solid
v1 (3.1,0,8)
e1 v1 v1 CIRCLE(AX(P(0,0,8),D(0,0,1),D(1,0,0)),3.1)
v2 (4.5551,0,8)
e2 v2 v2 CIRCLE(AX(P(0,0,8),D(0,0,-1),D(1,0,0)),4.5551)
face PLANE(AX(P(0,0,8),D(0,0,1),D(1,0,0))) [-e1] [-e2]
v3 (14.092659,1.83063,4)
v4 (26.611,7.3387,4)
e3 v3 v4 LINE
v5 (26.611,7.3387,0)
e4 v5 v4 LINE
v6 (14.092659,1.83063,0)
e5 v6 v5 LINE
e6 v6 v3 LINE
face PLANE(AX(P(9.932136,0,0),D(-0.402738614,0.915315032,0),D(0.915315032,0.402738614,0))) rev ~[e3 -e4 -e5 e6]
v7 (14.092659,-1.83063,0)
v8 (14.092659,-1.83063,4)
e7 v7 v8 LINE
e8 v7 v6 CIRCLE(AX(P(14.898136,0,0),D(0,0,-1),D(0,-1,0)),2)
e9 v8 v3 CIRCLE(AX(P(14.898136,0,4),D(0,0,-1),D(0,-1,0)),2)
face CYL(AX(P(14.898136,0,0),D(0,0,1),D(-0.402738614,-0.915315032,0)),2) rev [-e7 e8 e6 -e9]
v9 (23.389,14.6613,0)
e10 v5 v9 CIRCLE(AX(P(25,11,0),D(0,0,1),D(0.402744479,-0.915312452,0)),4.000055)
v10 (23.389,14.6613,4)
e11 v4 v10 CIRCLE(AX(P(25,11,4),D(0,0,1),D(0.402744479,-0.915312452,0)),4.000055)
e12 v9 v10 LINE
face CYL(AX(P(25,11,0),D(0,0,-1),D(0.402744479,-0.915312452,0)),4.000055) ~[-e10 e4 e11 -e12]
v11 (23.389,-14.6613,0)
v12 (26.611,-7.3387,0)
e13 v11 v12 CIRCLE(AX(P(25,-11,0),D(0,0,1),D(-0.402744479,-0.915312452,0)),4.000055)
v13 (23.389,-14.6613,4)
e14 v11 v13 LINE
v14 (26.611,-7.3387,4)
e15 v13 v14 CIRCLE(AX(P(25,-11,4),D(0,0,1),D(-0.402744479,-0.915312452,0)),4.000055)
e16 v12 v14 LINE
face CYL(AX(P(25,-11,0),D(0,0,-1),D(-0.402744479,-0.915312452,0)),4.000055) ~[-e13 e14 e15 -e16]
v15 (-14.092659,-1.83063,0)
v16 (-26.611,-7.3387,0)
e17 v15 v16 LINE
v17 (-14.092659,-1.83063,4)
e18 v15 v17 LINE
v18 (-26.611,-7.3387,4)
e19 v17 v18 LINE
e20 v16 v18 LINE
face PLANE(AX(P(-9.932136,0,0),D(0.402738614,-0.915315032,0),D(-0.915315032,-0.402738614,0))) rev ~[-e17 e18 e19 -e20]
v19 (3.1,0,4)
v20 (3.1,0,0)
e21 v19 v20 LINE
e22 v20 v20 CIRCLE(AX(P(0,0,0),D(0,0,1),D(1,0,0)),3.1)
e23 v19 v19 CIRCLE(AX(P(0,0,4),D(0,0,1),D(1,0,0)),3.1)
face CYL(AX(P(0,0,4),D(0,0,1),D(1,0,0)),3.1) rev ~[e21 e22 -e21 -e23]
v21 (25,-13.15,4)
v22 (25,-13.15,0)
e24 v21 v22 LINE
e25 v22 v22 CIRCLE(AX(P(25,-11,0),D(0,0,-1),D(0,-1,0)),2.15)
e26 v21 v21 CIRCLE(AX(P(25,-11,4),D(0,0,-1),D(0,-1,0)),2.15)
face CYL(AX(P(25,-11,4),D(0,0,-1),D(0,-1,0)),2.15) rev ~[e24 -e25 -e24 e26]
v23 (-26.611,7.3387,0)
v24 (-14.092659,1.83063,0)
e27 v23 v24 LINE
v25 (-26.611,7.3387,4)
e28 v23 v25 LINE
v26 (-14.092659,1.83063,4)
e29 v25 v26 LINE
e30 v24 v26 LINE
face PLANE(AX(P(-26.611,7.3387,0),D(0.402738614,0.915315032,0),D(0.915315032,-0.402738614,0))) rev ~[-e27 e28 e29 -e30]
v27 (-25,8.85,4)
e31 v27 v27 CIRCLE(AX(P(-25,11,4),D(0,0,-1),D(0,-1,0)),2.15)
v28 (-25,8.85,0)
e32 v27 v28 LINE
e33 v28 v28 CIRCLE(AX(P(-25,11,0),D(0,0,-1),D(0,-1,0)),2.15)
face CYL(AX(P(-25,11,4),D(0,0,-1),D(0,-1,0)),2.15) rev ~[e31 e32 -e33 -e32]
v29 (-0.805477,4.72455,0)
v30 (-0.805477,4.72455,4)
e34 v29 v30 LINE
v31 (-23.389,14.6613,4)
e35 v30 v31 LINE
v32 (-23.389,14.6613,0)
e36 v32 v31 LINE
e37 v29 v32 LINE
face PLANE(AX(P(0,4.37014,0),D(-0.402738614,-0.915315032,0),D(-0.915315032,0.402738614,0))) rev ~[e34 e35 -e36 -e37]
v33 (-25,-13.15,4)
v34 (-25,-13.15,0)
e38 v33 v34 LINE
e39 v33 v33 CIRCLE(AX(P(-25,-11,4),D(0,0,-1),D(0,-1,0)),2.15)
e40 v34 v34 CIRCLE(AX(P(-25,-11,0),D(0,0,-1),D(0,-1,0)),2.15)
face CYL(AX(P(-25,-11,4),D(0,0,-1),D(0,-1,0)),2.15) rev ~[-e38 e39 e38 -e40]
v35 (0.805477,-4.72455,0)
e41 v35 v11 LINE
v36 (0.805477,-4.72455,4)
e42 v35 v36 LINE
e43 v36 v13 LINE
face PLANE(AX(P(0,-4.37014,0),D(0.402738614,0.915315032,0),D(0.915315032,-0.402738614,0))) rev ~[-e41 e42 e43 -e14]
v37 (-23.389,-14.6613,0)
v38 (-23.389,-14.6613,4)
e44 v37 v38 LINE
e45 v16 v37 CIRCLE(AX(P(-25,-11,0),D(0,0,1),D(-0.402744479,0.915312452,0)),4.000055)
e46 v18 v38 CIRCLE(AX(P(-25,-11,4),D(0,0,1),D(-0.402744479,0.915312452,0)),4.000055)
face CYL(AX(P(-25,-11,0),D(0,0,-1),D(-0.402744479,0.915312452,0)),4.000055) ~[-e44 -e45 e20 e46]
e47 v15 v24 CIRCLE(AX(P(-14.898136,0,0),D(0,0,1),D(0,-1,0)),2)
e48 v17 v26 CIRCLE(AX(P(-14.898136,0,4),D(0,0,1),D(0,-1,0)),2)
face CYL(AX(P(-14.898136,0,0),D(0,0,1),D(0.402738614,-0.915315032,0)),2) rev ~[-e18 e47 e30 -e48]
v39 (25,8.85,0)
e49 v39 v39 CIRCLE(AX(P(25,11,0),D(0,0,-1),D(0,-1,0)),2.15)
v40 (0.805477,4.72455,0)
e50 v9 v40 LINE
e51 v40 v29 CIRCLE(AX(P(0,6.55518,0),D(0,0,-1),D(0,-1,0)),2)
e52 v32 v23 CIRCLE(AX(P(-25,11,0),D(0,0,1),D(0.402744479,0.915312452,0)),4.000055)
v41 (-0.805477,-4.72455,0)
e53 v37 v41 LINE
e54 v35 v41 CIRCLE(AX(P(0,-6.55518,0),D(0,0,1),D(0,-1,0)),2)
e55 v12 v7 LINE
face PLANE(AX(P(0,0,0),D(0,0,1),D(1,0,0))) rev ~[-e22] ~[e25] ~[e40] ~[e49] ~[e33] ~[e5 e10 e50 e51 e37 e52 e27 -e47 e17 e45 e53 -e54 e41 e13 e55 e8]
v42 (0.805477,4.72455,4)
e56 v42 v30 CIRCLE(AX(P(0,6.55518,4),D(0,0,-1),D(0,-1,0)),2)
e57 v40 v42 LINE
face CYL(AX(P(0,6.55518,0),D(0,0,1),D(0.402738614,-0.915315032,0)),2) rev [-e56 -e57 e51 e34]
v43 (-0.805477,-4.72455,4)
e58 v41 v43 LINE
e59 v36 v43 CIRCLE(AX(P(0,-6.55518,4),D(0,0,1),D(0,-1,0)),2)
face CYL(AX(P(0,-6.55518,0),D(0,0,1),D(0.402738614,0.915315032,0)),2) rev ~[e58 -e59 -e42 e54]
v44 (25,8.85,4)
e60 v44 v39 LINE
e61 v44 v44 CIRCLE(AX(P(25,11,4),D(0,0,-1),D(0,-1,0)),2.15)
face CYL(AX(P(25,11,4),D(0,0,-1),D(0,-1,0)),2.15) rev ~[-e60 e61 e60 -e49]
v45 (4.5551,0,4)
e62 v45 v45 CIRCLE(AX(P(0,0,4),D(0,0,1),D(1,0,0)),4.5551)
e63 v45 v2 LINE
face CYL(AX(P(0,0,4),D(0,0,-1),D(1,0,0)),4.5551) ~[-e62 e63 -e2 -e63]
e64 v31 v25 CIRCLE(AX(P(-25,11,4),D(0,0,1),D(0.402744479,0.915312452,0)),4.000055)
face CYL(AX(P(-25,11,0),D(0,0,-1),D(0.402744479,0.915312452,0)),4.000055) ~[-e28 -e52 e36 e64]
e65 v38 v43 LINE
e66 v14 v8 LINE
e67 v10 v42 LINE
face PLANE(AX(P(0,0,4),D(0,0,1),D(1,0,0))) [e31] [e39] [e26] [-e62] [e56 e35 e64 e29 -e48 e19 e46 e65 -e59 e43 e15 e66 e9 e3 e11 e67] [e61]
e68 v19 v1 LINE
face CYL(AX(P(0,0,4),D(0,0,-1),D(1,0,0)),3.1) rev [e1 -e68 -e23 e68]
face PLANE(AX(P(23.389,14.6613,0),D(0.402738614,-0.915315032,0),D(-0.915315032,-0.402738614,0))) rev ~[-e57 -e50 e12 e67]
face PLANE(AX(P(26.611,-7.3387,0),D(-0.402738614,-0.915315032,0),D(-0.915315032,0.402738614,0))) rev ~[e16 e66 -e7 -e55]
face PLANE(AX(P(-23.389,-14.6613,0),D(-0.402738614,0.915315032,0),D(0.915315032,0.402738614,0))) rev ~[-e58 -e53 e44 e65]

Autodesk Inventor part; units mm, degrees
ref_plane "YZ Plane" through (0, 0, 0) normal (1, 0, 0) x (0, 1, 0)
ref_plane "XZ Plane" through (0, 0, 0) normal (0, 1, 0) x (-1, 0, 0)
ref_plane "XY Plane" through (0, 0, 0) normal (0, 0, 1) x (1, 0, 0)
sketch "スケッチ1" plane through (0, 0, 0) normal (0, 0, 1) x (1, 0, 0)
  line L0 (-25, -11) -> (25, -11) construction
  line L1 (25, -11) -> (25, 11) construction
  line L2 (25, 11) -> (-25, 11) construction
  line L3 (-25, 11) -> (-25, -11) construction
  line L4 (-25, -11) -> (25, 11) construction
  line L5 (25, -11) -> (-25, 11) construction
  line L6 (25, -11) -> (-25, 11) construction
  line L7 (26.611, -7.3387) -> (-23.389, 14.6613)
  line L8 (-26.611, 7.3387) -> (23.389, -14.6613)
  arc A0 (23.389, -14.6613) -> (26.611, -7.3387) centre (25, -11) ccw
  arc A1 (-23.389, 14.6613) -> (-26.611, 7.3387) centre (-25, 11) ccw
  line L9 (-25, -11) -> (25, 11) construction
  line L10 (-23.389, -14.6613) -> (26.611, 7.3387)
  line L11 (23.389, 14.6613) -> (-26.611, -7.3387)
  arc A2 (-26.611, -7.3387) -> (-23.389, -14.6613) centre (-25, -11) ccw
  arc A3 (26.611, 7.3387) -> (23.389, 14.6613) centre (25, 11) ccw
  point P0 (0, 0)
  point P1 (0, 4.3701)
  point P2 (-9.932, 0)
  point P3 (0, -4.3701)
  point P4 (9.932, 0)
  dimension "d0" = 50
  dimension "d1" = 22
  dimension "d2" = 8
  dimension "d3" = 8
extrude "押し出し1" add sketch "スケッチ1" along normal blind 4
fillet "フィレット1" radius 2 4 edges at (0, -4.3701, 2) (-9.932, 0, 2) (0, 4.3701, 2) (9.932, 0, 2)
sketch "スケッチ2" plane through (0, 0, 4) normal (0, 0, 1) x (1, 0, 0)
  arc A0 (-23.389, 14.6613) -> (-26.611, 7.3387) centre (-25, 11) ccw projected
  arc A1 (-26.611, -7.3387) -> (-23.389, -14.6613) centre (-25, -11) ccw projected
  arc A2 (23.389, -14.6613) -> (26.611, -7.3387) centre (25, -11) ccw projected
  arc A3 (26.611, 7.3387) -> (23.389, 14.6613) centre (25, 11) ccw projected
  point P0 (0, 0)
  point P1 (-28.3993, 7.3333)
  point P2 (-28.3993, -7.3333)
  point P3 (28.3993, -7.3333)
  point P4 (28.3993, 7.3333)
hole "穴1" at (-25, 11, 4) at (25, 11, 4) at (25, -11, 4) at (-25, -11, 4) direction (0, 0, -1) diameter 4.3 end through all clearance for "Flat Head Machine Screw" size "M4" standard "Ansi Metric M Profile"
sketch "スケッチ3" plane through (0, 0, 4) normal (0, 0, 1) x (1, 0, 0)
  circle A0 centre (0, 0) radius 3.1
  dimension "d15" = 6.2
extrude "押し出し2" cut sketch "スケッチ3" against normal blind 8
sketch "スケッチ4" plane through (0, 0, 4) normal (0, 0, 1) x (1, 0, 0)
  circle A0 centre (0, 0) radius 3.1 projected
  circle A1 centre (0, 0) radius 4.5551
  arc A2 (-0.8055, 4.7245) -> (0.8055, 4.7245) centre (0, 6.5551) ccw projected
extrude "押し出し3" add sketch "スケッチ4" along normal blind 4
properties part number "base21" material "ABS プラスチック"
